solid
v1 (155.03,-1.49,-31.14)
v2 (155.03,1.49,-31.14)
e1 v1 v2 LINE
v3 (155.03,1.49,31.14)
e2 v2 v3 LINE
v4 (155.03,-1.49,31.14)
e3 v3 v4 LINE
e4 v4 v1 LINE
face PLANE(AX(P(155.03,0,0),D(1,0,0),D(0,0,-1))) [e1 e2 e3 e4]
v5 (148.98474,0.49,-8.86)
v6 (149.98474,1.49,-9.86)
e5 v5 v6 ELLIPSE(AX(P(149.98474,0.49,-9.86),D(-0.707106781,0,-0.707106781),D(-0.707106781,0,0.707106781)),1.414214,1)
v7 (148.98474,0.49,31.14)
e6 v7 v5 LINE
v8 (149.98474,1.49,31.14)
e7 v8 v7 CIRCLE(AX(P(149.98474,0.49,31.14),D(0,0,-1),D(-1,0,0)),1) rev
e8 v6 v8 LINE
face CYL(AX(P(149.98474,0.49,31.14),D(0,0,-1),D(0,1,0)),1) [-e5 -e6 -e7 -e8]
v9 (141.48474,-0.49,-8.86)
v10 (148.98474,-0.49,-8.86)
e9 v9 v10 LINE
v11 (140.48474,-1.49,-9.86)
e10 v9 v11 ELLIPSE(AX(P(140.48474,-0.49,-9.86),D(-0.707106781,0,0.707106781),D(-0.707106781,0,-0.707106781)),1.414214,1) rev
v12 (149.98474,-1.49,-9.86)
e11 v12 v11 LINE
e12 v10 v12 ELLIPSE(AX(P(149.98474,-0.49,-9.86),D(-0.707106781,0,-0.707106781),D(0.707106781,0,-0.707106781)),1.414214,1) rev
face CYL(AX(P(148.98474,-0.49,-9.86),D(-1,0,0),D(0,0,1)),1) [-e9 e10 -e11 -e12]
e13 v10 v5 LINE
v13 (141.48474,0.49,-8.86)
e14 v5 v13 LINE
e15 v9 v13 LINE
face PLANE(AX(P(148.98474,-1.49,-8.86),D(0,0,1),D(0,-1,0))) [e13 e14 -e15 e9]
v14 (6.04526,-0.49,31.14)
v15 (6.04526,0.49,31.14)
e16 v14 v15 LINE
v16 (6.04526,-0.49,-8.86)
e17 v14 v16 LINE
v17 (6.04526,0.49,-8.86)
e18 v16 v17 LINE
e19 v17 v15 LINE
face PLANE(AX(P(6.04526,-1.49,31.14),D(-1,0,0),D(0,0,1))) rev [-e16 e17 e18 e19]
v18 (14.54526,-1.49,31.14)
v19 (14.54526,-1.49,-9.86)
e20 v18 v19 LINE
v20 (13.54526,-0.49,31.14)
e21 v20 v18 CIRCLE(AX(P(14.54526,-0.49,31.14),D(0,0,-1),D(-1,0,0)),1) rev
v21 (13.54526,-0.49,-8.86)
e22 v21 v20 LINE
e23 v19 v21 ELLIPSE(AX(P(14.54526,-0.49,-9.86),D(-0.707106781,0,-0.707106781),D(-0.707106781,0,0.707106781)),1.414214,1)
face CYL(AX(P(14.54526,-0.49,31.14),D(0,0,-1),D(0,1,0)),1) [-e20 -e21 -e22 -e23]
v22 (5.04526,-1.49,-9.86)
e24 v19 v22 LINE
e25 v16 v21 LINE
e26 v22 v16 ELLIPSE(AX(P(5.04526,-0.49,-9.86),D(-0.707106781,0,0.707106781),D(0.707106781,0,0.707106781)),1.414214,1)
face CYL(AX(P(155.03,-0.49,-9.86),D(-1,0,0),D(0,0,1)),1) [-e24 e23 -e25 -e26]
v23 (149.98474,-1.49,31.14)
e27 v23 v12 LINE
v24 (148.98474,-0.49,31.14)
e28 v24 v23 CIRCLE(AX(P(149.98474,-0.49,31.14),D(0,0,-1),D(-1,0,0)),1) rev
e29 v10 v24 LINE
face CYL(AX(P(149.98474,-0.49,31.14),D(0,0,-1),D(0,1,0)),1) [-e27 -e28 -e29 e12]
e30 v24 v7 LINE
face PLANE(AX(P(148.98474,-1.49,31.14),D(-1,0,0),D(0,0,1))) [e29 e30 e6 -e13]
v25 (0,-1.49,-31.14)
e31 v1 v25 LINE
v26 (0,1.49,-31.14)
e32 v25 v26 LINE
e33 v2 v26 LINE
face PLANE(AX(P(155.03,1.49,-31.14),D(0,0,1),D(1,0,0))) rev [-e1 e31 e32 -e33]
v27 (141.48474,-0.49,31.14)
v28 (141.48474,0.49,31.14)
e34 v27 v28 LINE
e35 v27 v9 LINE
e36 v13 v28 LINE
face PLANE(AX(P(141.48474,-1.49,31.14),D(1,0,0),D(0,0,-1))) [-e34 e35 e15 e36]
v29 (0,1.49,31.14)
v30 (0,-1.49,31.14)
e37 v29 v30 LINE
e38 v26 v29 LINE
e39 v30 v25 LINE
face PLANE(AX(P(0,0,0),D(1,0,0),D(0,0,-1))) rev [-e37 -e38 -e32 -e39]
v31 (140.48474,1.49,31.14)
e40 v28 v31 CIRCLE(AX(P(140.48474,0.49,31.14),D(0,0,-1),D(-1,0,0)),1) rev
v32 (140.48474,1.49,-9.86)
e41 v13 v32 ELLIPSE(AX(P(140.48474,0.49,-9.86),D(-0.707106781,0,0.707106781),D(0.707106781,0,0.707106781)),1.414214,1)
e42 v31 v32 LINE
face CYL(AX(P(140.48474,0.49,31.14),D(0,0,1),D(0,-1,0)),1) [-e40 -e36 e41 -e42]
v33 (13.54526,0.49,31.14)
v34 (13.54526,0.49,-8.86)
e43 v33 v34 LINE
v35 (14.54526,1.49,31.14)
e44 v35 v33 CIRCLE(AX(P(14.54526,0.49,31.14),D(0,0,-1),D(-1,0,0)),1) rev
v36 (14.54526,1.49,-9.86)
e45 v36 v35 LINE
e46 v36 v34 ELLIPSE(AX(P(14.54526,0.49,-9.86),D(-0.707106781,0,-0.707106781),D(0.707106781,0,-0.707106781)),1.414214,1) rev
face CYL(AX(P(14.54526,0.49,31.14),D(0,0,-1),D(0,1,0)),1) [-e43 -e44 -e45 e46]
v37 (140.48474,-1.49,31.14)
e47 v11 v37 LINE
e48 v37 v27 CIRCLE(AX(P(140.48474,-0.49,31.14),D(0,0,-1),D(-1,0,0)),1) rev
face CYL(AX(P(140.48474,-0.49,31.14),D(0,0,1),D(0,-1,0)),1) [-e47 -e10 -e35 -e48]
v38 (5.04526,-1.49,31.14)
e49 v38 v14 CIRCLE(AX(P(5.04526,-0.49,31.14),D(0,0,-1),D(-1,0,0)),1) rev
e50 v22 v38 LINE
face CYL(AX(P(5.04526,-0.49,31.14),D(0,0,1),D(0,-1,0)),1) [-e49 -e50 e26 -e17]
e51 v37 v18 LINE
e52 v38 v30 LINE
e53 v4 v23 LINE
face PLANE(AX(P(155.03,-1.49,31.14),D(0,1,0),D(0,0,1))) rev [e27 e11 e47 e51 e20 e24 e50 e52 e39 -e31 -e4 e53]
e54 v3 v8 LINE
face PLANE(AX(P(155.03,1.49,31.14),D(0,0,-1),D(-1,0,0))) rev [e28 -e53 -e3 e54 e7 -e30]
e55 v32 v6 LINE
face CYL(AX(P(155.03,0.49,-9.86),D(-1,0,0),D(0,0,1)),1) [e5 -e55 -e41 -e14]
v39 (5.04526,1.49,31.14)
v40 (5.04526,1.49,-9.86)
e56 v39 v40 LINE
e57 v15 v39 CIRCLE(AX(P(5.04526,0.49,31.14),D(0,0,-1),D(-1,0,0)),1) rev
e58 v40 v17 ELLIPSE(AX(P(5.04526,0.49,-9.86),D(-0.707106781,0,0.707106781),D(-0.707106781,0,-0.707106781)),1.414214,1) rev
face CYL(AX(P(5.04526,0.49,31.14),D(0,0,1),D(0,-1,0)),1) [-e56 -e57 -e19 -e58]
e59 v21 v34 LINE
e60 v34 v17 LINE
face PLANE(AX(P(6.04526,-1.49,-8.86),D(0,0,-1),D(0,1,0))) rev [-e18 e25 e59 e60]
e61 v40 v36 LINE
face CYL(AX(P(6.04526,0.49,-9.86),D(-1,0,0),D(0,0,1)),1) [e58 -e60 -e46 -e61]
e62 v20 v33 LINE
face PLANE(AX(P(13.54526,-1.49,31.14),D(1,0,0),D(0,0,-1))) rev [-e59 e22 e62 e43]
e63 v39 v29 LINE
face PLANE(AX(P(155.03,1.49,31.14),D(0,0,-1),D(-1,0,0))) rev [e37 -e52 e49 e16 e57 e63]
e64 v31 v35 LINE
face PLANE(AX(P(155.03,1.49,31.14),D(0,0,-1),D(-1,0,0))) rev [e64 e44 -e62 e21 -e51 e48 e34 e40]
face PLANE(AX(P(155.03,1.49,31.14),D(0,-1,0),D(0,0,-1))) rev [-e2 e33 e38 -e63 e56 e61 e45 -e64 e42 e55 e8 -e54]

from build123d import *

# Parameters (mm, degrees)
SKETCH1_W            = 62.28
SKETCH1_H            = 2.98
BOSS_EXTRUDE1_DEPTH  = 155.03
SKETCH2_W            = 7.5
SKETCH2_H            = 40
CUT_EXTRUDE1_DEPTH   = 159.154610745
FILLET1_R            = 1
FILLET1_OF_MIRROR1_R = 1


with BuildPart() as part:
    # Sketch1 → Boss-Extrude1 (new body)
    with BuildSketch(Plane(origin=(0, 0, 0), x_dir=(0, 0, -1), z_dir=(1, 0, 0))):
        Rectangle(SKETCH1_W, SKETCH1_H)
    extrude(amount=BOSS_EXTRUDE1_DEPTH)

    # Sketch2 → Cut-Extrude1 (cut, through all)
    with BuildSketch(Plane(origin=(0, 1.49, 0), x_dir=(1, 0, 0), z_dir=(0, 1, 0))):
        with Locations((9.795259857, -11.14)):
            Rectangle(SKETCH2_W, SKETCH2_H)
    cut_extrude1 = extrude(amount=-CUT_EXTRUDE1_DEPTH, mode=Mode.SUBTRACT)

    # Fillet1
    fillet1_edges = [part.edges().sort_by_distance(p)[0] for p in [
        (13.545259857, -1.49, 11.14),
        (6.045259857, -1.49, 11.14),
        (9.795259857, -1.49, -8.86),
        (13.545259857, 1.49, 11.14),
        (9.795259857, 1.49, -8.86),
        (6.045259857, 1.49, 11.14),
    ]]
    fillet(fillet1_edges, radius=FILLET1_R)

    # Mirror1: Cut-Extrude1 across plane
    add(cut_extrude1.mirror(Plane(origin=(77.515, 0, 0), x_dir=(0, 0, 1), z_dir=(1, 0, 0))), mode=Mode.SUBTRACT)

    # Fillet1 of Mirror1
    fillet1_of_mirror1_edges = [part.edges().sort_by_distance(p)[0] for p in [
        (141.484740143, -1.49, 11.14),
        (148.984740143, -1.49, 11.14),
        (145.234740143, -1.49, -8.86),
        (141.484740143, 1.49, 11.14),
        (145.234740143, 1.49, -8.86),
        (148.984740143, 1.49, 11.14),
    ]]
    fillet(fillet1_of_mirror1_edges, radius=FILLET1_OF_MIRROR1_R)


solid = part.part
